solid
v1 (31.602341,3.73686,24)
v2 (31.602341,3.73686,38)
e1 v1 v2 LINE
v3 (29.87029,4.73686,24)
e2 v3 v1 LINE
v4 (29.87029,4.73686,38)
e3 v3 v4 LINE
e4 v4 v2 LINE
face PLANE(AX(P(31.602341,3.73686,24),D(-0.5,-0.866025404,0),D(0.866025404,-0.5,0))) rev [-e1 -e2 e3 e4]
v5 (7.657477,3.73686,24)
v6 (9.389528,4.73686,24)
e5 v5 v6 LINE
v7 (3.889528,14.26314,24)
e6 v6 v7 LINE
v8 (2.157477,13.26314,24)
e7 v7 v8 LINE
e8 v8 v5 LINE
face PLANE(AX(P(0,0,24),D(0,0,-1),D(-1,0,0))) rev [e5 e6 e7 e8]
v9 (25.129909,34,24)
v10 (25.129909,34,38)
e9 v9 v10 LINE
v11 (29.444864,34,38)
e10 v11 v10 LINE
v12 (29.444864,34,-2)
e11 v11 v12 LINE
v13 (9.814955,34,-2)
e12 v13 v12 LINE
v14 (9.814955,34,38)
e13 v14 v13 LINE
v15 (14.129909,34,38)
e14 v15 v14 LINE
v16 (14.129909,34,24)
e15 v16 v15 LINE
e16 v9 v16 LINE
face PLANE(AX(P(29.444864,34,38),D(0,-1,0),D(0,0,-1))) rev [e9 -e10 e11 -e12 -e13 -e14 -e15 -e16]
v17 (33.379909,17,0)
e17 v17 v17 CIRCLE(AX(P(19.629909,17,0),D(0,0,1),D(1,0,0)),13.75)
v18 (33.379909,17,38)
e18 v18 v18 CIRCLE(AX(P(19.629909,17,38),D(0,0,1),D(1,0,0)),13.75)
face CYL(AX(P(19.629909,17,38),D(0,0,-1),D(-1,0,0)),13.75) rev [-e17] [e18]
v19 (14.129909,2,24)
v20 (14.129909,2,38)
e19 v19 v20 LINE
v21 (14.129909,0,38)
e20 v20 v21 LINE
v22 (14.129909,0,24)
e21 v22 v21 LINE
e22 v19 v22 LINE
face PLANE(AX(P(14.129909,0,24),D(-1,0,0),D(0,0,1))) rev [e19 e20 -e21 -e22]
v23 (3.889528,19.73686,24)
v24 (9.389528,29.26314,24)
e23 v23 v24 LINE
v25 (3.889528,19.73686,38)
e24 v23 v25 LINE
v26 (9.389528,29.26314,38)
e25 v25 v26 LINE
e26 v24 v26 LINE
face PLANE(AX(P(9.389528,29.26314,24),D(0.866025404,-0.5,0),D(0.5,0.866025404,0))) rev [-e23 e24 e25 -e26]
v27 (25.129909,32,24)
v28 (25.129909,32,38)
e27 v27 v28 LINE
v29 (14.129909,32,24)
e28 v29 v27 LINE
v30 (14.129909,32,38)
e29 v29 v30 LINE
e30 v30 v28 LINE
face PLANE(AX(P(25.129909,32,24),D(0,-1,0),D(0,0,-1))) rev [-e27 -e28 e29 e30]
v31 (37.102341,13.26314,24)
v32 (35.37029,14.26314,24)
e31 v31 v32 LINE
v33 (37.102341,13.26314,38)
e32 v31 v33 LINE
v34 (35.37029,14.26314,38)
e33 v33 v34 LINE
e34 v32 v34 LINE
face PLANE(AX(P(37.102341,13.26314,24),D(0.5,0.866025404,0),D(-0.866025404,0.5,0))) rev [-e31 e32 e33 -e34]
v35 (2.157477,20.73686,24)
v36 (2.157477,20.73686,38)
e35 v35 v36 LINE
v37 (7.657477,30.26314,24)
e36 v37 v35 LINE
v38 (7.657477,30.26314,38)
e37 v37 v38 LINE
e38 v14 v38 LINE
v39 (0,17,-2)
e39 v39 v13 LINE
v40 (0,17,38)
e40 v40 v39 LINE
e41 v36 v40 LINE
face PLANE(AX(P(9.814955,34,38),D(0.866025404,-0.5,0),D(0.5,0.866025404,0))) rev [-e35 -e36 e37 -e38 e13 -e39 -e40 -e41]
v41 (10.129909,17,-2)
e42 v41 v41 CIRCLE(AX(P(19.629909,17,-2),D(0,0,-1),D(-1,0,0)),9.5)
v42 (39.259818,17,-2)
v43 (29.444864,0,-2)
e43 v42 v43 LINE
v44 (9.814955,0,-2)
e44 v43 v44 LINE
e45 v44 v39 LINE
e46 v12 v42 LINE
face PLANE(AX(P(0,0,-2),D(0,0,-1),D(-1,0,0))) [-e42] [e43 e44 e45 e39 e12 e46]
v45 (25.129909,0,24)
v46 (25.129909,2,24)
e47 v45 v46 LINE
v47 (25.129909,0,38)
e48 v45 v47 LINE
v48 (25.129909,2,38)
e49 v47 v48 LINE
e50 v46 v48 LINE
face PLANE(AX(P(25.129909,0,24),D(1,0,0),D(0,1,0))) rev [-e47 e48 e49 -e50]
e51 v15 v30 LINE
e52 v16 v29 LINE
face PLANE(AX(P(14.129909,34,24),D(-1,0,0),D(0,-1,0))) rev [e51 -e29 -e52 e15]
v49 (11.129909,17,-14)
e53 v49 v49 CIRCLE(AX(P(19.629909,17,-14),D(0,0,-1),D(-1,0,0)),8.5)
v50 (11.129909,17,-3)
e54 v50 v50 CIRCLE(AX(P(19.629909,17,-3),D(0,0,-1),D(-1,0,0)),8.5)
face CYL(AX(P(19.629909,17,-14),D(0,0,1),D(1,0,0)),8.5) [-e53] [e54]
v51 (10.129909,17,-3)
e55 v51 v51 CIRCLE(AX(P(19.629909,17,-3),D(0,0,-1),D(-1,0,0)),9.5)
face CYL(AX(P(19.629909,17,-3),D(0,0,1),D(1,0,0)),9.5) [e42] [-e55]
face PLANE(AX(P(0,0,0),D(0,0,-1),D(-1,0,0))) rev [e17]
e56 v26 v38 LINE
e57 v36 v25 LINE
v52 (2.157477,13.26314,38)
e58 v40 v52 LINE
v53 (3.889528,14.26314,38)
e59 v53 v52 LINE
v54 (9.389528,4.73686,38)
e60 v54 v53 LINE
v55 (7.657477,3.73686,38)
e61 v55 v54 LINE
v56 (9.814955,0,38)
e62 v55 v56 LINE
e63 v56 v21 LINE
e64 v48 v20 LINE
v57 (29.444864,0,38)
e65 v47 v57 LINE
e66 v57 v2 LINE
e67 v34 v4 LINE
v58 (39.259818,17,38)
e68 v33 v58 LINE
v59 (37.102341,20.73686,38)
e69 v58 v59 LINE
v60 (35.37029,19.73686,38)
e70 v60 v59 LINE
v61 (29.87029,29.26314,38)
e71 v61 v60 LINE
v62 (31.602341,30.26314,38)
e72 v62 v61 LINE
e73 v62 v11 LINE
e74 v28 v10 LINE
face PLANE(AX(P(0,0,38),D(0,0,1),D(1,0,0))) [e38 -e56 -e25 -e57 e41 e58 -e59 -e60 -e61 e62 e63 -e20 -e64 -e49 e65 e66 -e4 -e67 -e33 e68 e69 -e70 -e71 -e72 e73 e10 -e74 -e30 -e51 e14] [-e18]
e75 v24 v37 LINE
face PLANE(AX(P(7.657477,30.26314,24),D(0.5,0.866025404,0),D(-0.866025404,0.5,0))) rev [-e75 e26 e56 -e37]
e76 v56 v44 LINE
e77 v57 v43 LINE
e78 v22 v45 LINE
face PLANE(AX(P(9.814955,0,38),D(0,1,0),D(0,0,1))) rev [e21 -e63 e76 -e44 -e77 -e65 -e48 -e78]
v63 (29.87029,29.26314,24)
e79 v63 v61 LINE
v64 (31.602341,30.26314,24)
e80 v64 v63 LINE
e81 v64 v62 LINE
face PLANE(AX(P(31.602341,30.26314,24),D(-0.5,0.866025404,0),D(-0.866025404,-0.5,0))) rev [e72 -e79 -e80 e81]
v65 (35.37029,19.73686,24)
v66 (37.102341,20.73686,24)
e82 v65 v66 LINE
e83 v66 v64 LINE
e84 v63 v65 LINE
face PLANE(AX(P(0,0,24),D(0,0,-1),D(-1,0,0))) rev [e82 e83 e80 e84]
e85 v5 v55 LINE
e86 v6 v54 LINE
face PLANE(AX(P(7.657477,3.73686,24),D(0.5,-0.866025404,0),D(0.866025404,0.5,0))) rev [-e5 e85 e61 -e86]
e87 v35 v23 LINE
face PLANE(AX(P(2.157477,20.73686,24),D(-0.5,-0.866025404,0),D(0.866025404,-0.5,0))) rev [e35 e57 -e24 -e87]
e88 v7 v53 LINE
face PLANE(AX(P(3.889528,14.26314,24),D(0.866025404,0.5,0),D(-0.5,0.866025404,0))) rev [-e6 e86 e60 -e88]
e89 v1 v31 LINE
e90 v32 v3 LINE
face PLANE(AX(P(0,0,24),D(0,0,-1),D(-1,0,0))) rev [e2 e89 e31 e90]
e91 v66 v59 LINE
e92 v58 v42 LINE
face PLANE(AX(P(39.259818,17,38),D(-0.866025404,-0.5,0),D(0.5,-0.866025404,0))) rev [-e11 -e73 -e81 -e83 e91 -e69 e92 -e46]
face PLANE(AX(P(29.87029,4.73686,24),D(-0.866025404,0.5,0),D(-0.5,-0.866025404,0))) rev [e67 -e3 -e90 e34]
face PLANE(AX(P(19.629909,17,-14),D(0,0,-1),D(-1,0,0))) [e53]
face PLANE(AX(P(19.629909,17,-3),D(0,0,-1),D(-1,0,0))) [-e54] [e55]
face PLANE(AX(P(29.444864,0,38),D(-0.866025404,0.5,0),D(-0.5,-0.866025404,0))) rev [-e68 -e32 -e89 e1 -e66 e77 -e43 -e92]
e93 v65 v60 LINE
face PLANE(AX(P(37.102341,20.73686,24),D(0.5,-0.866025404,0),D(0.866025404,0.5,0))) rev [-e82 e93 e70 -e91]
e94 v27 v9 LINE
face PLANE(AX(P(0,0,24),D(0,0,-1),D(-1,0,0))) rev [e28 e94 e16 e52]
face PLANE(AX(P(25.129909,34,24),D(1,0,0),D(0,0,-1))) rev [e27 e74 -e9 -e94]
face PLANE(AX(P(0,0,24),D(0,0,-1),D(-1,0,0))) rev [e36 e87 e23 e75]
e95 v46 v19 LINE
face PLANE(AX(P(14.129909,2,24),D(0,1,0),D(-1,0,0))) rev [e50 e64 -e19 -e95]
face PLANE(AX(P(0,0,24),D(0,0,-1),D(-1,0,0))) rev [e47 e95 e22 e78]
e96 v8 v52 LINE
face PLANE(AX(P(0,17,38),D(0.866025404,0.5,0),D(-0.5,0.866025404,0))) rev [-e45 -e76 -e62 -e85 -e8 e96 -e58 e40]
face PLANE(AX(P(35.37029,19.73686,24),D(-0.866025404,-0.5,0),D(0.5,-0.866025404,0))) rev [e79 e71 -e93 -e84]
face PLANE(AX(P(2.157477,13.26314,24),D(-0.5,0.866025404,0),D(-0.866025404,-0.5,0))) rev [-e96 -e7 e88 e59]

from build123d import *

# Parameters (mm, degrees)
ESQUISSE1_R             = 13.75
BOSS_EXTRU_1_DEPTH      = 38
ESQUISSE2_W             = 11
ESQUISSE2_H             = 2
ENL_V_MAT_EXTRU_1_DEPTH = 14
BOSS_EXTRU_2_DEPTH      = 2
ESQUISSE5_R             = 8.5
BOSS_EXTRU_3_DEPTH      = 12
ESQUISSE6_R             = 9.5
BOSS_EXTRU_4_DEPTH      = 1


with BuildPart() as part:
    # Esquisse1 → Boss.-Extru.1 (new body)
    with BuildSketch(Plane.XY):
        Polygon((39.259818305, 17), (29.444863729, 34), (9.814954576, 34), (0, 17), (9.814954576, 0), (29.444863729, 0), align=None)
        with Locations((19.629909152, 17)):
            Circle(ESQUISSE1_R, mode=Mode.SUBTRACT)
    extrude(amount=BOSS_EXTRU_1_DEPTH)

    # Esquisse2 → Enlèv. mat.-Extru.1 (cut)
    with BuildSketch(Plane.XY.offset(38)):
        with Locations((19.629909152, 1)):
            Rectangle(ESQUISSE2_W, ESQUISSE2_H)
        Polygon((2.157477288, 13.263139721), (7.657477288, 3.736860279), (9.389528096, 4.736860279), (3.889528096, 14.263139721), align=None)
        Polygon((7.657477288, 30.263139721), (2.157477288, 20.736860279), (3.889528096, 19.736860279), (9.389528096, 29.263139721), align=None)
        with Locations((19.629909152, 33)):
            Rectangle(ESQUISSE2_W, ESQUISSE2_H)
        Polygon((37.102341017, 20.736860279), (31.602341017, 30.263139721), (29.870290209, 29.263139721), (35.370290209, 19.736860279), align=None)
        Polygon((31.602341017, 3.736860279), (37.102341017, 13.263139721), (35.370290209, 14.263139721), (29.870290209, 4.736860279), align=None)
    extrude(amount=-ENL_V_MAT_EXTRU_1_DEPTH, mode=Mode.SUBTRACT)

    # Esquisse4 → Boss.-Extru.2 (add)
    with BuildSketch(Plane(origin=(0, 0, 0), x_dir=(-1, 0, 0), z_dir=(0, 0, -1))):
        Polygon((-39.259818305, 17), (-29.444863729, 0), (-9.814954576, 0), (0, 17), (-9.814954576, 34), (-29.444863729, 34), align=None)
    extrude(amount=BOSS_EXTRU_2_DEPTH)

    # Esquisse5 → Boss.-Extru.3 (add)
    with BuildSketch(Plane(origin=(0, 0, -2), x_dir=(-1, 0, 0), z_dir=(0, 0, -1))):
        with Locations((-19.629909152, 17)):
            Circle(ESQUISSE5_R)
    extrude(amount=BOSS_EXTRU_3_DEPTH)

    # Esquisse6 → Boss.-Extru.4 (add)
    with BuildSketch(Plane(origin=(0, 0, -2), x_dir=(-1, 0, 0), z_dir=(0, 0, -1))):
        with Locations((-19.629909152, 17)):
            Circle(ESQUISSE6_R)
    extrude(amount=BOSS_EXTRU_4_DEPTH)


solid = part.part
